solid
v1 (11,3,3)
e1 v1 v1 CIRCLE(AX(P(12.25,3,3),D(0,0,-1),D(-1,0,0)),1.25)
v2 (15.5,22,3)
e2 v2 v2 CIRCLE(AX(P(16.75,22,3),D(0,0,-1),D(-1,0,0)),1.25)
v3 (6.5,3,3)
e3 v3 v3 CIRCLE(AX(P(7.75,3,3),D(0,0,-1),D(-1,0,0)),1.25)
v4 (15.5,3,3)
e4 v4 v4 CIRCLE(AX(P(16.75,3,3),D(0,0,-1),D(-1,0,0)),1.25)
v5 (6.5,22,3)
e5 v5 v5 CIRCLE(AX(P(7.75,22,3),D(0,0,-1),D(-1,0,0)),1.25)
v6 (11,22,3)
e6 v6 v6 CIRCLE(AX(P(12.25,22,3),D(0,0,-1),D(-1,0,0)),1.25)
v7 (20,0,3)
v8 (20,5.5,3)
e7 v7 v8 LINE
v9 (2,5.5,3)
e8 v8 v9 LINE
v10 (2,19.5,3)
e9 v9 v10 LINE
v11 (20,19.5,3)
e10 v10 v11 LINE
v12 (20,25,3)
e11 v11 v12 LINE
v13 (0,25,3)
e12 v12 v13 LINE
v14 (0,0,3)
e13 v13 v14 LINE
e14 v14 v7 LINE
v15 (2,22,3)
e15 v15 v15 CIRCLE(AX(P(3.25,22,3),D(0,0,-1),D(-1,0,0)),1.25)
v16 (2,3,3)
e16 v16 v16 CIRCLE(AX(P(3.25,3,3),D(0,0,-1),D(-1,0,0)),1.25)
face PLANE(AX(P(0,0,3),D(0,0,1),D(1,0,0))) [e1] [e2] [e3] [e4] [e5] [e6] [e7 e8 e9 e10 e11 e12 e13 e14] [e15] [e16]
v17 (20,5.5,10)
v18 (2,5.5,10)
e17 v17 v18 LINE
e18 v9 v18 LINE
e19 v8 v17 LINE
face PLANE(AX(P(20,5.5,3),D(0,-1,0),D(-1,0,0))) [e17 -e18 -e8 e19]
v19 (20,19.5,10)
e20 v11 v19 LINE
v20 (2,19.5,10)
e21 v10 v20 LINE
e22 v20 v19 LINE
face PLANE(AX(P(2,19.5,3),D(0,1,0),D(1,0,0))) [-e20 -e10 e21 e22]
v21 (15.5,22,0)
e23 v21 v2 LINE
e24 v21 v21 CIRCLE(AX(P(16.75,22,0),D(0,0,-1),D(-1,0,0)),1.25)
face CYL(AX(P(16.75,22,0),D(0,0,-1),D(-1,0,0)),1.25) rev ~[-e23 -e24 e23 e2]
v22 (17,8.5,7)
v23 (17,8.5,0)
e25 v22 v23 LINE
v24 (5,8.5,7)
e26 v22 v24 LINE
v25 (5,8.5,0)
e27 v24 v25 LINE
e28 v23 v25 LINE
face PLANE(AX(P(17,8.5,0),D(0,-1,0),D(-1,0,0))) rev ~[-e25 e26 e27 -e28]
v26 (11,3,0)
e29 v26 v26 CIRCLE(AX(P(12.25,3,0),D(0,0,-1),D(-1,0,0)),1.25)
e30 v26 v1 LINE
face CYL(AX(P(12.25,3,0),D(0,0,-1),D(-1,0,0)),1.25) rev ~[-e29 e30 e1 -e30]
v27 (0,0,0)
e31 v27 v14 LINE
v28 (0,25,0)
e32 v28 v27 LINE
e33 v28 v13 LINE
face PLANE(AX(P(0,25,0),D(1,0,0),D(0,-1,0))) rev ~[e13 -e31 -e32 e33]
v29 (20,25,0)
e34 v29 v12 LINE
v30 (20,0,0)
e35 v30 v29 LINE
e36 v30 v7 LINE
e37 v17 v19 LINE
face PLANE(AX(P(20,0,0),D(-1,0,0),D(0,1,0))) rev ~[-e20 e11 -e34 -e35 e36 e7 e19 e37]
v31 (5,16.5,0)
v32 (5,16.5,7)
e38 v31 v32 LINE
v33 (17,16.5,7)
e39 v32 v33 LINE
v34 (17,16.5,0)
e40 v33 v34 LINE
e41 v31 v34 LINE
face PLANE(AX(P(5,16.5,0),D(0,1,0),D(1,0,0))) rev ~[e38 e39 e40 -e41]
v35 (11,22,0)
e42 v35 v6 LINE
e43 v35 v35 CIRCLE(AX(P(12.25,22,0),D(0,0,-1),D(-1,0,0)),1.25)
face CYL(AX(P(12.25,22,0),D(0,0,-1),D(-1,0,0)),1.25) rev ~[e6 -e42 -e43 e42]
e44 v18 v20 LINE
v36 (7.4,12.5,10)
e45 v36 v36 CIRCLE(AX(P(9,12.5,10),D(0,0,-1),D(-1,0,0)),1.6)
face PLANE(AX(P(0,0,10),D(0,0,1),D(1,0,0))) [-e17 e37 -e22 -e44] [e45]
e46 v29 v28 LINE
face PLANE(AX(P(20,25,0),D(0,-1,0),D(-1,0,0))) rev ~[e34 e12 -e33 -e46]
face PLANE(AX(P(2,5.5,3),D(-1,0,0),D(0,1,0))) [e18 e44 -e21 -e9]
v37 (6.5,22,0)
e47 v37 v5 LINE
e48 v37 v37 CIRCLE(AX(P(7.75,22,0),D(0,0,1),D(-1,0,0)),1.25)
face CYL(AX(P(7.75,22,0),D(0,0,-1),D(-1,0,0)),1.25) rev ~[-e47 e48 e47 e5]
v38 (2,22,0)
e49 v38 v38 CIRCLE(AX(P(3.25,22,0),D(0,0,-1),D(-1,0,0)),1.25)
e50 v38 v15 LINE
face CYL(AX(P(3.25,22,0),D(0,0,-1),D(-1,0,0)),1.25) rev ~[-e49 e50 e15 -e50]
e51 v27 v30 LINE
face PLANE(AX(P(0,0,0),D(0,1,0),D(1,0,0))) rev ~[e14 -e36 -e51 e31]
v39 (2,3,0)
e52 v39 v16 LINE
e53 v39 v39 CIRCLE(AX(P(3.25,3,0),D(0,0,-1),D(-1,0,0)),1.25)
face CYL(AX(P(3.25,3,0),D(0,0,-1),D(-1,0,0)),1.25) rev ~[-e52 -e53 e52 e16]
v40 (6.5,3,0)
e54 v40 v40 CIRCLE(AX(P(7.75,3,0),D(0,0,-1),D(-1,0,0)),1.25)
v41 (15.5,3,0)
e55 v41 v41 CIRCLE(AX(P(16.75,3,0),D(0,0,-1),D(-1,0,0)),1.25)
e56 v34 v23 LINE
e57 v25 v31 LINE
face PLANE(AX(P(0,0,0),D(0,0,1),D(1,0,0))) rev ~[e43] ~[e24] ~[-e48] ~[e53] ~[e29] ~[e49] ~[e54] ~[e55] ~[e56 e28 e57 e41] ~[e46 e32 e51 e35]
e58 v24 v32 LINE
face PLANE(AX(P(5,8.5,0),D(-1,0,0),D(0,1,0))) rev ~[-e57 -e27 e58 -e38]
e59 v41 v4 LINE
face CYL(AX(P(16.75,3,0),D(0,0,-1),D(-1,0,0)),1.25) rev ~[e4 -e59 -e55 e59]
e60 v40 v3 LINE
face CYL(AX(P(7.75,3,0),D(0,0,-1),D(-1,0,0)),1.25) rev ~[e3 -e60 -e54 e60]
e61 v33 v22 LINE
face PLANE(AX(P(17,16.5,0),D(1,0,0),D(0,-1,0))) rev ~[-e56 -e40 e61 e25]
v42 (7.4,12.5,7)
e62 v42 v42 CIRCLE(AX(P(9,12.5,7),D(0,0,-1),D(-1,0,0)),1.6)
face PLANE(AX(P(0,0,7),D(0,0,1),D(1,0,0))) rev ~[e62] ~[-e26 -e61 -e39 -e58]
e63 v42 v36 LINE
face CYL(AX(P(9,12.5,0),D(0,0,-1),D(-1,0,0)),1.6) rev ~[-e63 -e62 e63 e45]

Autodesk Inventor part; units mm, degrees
ref_plane "YZ Plane" through (0, 0, 0) normal (1, 0, 0) x (0, 1, 0)
ref_plane "XZ Plane" through (0, 0, 0) normal (0, 1, 0) x (-1, 0, 0)
ref_plane "XY Plane" through (0, 0, 0) normal (0, 0, 1) x (1, 0, 0)
sketch "Sketch1" plane through (0, 0, 0) normal (0, 0, 1) x (1, 0, 0)
  line L0 (0, 0) -> (20, 0)
  line L1 (20, 0) -> (20, 25)
  line L2 (20, 25) -> (0, 25)
  line L3 (0, 25) -> (0, 0)
  line L4 (5, 16.5) -> (17, 16.5)
  line L5 (17, 16.5) -> (17, 8.5)
  line L6 (17, 8.5) -> (5, 8.5)
  line L7 (5, 8.5) -> (5, 16.5)
  point P0 (17, 12.5)
  point P1 (20, 12.5)
  dimension "d0" = 20
  dimension "d2" = 25
  dimension "d3" = 8
  dimension "d4" = 12
  dimension "d5" = 3
extrude "Extrusion1" add sketch "Sketch1" along normal blind 3
sketch "Sketch2" plane through (0, 0, 3) normal (0, 0, 1) x (1, 0, 0)
  line L0 (17, 16.5) -> (17, 8.5) projected
  line L1 (17, 8.5) -> (5, 8.5) projected
  line L2 (5, 8.5) -> (5, 16.5) projected
  line L3 (5, 16.5) -> (17, 16.5) projected
  line L4 (20, 0) -> (20, 25) projected
  line L5 (20, 19.5) -> (20, 5.5)
  line L6 (20, 5.5) -> (2, 5.5)
  line L7 (2, 5.5) -> (2, 19.5)
  line L8 (2, 19.5) -> (20, 19.5)
extrude "Extrusion2" add sketch "Sketch2" along normal blind 7
sketch "Sketch3" plane through (0, 0, 10) normal (0, 0, 1) x (1, 0, 0)
  line L0 (17, 8.5) -> (5, 8.5) projected
  line L1 (5, 8.5) -> (5, 16.5) projected
  line L2 (5, 16.5) -> (17, 16.5) projected
  line L3 (17, 16.5) -> (17, 8.5) projected
  point P0 (0, 0)
extrude "Extrusion3" add sketch "Sketch3" against normal blind 3
sketch "Sketch4" plane through (0, 0, 0) normal (0, 0, -1) x (-1, 0, 0)
  line L0 (0, 0) -> (-20, 0) projected
  line L1 (-20, 25) -> (0, 25) projected
  line L2 (-20, 0) -> (-20, 25) projected
  circle A0 centre (-16.75, 22) radius 1.25
  circle A1 centre (-12.25, 22) radius 1.25
  circle A2 centre (-7.75, 22) radius 1.25
  circle A3 centre (-3.25, 22) radius 1.25
  circle A4 centre (-16.75, 3) radius 1.25
  circle A5 centre (-12.25, 3) radius 1.25
  circle A6 centre (-7.75, 3) radius 1.25
  circle A7 centre (-3.25, 3) radius 1.25
  line L3 (-12.25, 22) -> (-7.75, 22)
  line L4 (-17, 8.5) -> (-17, 16.5) projected
  line L5 (-17, 16.5) -> (-5, 16.5) projected
  circle A8 centre (-9, 12.5) radius 1.6
  line L6 (-5, 16.5) -> (-5, 8.5) projected
  point P0 (-10, 22)
  point P1 (-10, 25)
  point P2 (-17, 12.5)
  point P3 (-11, 16.5)
  dimension "d12" = 2.5
  dimension "d13" = 2.5
  dimension "d14" = 2.5
  dimension "d15" = 2.5
  dimension "d16" = 2.5
  dimension "d17" = 2.5
  dimension "d18" = 2.5
  dimension "d19" = 2.5
  dimension "d20" = 4.5
  dimension "d21" = 4.5
  dimension "d22" = 4.5
  dimension "d23" = 3
  dimension "d24" = 3
  dimension "d27" = 3.2
  dimension "d28" = 4
extrude "Extrusion4" cut sketch "Sketch4" against normal blind 10
equation "\"d21\" = d20"
equation "\"d22\" = d20"
equation "\"d24\" = d23"
properties part number "end limit holder"
